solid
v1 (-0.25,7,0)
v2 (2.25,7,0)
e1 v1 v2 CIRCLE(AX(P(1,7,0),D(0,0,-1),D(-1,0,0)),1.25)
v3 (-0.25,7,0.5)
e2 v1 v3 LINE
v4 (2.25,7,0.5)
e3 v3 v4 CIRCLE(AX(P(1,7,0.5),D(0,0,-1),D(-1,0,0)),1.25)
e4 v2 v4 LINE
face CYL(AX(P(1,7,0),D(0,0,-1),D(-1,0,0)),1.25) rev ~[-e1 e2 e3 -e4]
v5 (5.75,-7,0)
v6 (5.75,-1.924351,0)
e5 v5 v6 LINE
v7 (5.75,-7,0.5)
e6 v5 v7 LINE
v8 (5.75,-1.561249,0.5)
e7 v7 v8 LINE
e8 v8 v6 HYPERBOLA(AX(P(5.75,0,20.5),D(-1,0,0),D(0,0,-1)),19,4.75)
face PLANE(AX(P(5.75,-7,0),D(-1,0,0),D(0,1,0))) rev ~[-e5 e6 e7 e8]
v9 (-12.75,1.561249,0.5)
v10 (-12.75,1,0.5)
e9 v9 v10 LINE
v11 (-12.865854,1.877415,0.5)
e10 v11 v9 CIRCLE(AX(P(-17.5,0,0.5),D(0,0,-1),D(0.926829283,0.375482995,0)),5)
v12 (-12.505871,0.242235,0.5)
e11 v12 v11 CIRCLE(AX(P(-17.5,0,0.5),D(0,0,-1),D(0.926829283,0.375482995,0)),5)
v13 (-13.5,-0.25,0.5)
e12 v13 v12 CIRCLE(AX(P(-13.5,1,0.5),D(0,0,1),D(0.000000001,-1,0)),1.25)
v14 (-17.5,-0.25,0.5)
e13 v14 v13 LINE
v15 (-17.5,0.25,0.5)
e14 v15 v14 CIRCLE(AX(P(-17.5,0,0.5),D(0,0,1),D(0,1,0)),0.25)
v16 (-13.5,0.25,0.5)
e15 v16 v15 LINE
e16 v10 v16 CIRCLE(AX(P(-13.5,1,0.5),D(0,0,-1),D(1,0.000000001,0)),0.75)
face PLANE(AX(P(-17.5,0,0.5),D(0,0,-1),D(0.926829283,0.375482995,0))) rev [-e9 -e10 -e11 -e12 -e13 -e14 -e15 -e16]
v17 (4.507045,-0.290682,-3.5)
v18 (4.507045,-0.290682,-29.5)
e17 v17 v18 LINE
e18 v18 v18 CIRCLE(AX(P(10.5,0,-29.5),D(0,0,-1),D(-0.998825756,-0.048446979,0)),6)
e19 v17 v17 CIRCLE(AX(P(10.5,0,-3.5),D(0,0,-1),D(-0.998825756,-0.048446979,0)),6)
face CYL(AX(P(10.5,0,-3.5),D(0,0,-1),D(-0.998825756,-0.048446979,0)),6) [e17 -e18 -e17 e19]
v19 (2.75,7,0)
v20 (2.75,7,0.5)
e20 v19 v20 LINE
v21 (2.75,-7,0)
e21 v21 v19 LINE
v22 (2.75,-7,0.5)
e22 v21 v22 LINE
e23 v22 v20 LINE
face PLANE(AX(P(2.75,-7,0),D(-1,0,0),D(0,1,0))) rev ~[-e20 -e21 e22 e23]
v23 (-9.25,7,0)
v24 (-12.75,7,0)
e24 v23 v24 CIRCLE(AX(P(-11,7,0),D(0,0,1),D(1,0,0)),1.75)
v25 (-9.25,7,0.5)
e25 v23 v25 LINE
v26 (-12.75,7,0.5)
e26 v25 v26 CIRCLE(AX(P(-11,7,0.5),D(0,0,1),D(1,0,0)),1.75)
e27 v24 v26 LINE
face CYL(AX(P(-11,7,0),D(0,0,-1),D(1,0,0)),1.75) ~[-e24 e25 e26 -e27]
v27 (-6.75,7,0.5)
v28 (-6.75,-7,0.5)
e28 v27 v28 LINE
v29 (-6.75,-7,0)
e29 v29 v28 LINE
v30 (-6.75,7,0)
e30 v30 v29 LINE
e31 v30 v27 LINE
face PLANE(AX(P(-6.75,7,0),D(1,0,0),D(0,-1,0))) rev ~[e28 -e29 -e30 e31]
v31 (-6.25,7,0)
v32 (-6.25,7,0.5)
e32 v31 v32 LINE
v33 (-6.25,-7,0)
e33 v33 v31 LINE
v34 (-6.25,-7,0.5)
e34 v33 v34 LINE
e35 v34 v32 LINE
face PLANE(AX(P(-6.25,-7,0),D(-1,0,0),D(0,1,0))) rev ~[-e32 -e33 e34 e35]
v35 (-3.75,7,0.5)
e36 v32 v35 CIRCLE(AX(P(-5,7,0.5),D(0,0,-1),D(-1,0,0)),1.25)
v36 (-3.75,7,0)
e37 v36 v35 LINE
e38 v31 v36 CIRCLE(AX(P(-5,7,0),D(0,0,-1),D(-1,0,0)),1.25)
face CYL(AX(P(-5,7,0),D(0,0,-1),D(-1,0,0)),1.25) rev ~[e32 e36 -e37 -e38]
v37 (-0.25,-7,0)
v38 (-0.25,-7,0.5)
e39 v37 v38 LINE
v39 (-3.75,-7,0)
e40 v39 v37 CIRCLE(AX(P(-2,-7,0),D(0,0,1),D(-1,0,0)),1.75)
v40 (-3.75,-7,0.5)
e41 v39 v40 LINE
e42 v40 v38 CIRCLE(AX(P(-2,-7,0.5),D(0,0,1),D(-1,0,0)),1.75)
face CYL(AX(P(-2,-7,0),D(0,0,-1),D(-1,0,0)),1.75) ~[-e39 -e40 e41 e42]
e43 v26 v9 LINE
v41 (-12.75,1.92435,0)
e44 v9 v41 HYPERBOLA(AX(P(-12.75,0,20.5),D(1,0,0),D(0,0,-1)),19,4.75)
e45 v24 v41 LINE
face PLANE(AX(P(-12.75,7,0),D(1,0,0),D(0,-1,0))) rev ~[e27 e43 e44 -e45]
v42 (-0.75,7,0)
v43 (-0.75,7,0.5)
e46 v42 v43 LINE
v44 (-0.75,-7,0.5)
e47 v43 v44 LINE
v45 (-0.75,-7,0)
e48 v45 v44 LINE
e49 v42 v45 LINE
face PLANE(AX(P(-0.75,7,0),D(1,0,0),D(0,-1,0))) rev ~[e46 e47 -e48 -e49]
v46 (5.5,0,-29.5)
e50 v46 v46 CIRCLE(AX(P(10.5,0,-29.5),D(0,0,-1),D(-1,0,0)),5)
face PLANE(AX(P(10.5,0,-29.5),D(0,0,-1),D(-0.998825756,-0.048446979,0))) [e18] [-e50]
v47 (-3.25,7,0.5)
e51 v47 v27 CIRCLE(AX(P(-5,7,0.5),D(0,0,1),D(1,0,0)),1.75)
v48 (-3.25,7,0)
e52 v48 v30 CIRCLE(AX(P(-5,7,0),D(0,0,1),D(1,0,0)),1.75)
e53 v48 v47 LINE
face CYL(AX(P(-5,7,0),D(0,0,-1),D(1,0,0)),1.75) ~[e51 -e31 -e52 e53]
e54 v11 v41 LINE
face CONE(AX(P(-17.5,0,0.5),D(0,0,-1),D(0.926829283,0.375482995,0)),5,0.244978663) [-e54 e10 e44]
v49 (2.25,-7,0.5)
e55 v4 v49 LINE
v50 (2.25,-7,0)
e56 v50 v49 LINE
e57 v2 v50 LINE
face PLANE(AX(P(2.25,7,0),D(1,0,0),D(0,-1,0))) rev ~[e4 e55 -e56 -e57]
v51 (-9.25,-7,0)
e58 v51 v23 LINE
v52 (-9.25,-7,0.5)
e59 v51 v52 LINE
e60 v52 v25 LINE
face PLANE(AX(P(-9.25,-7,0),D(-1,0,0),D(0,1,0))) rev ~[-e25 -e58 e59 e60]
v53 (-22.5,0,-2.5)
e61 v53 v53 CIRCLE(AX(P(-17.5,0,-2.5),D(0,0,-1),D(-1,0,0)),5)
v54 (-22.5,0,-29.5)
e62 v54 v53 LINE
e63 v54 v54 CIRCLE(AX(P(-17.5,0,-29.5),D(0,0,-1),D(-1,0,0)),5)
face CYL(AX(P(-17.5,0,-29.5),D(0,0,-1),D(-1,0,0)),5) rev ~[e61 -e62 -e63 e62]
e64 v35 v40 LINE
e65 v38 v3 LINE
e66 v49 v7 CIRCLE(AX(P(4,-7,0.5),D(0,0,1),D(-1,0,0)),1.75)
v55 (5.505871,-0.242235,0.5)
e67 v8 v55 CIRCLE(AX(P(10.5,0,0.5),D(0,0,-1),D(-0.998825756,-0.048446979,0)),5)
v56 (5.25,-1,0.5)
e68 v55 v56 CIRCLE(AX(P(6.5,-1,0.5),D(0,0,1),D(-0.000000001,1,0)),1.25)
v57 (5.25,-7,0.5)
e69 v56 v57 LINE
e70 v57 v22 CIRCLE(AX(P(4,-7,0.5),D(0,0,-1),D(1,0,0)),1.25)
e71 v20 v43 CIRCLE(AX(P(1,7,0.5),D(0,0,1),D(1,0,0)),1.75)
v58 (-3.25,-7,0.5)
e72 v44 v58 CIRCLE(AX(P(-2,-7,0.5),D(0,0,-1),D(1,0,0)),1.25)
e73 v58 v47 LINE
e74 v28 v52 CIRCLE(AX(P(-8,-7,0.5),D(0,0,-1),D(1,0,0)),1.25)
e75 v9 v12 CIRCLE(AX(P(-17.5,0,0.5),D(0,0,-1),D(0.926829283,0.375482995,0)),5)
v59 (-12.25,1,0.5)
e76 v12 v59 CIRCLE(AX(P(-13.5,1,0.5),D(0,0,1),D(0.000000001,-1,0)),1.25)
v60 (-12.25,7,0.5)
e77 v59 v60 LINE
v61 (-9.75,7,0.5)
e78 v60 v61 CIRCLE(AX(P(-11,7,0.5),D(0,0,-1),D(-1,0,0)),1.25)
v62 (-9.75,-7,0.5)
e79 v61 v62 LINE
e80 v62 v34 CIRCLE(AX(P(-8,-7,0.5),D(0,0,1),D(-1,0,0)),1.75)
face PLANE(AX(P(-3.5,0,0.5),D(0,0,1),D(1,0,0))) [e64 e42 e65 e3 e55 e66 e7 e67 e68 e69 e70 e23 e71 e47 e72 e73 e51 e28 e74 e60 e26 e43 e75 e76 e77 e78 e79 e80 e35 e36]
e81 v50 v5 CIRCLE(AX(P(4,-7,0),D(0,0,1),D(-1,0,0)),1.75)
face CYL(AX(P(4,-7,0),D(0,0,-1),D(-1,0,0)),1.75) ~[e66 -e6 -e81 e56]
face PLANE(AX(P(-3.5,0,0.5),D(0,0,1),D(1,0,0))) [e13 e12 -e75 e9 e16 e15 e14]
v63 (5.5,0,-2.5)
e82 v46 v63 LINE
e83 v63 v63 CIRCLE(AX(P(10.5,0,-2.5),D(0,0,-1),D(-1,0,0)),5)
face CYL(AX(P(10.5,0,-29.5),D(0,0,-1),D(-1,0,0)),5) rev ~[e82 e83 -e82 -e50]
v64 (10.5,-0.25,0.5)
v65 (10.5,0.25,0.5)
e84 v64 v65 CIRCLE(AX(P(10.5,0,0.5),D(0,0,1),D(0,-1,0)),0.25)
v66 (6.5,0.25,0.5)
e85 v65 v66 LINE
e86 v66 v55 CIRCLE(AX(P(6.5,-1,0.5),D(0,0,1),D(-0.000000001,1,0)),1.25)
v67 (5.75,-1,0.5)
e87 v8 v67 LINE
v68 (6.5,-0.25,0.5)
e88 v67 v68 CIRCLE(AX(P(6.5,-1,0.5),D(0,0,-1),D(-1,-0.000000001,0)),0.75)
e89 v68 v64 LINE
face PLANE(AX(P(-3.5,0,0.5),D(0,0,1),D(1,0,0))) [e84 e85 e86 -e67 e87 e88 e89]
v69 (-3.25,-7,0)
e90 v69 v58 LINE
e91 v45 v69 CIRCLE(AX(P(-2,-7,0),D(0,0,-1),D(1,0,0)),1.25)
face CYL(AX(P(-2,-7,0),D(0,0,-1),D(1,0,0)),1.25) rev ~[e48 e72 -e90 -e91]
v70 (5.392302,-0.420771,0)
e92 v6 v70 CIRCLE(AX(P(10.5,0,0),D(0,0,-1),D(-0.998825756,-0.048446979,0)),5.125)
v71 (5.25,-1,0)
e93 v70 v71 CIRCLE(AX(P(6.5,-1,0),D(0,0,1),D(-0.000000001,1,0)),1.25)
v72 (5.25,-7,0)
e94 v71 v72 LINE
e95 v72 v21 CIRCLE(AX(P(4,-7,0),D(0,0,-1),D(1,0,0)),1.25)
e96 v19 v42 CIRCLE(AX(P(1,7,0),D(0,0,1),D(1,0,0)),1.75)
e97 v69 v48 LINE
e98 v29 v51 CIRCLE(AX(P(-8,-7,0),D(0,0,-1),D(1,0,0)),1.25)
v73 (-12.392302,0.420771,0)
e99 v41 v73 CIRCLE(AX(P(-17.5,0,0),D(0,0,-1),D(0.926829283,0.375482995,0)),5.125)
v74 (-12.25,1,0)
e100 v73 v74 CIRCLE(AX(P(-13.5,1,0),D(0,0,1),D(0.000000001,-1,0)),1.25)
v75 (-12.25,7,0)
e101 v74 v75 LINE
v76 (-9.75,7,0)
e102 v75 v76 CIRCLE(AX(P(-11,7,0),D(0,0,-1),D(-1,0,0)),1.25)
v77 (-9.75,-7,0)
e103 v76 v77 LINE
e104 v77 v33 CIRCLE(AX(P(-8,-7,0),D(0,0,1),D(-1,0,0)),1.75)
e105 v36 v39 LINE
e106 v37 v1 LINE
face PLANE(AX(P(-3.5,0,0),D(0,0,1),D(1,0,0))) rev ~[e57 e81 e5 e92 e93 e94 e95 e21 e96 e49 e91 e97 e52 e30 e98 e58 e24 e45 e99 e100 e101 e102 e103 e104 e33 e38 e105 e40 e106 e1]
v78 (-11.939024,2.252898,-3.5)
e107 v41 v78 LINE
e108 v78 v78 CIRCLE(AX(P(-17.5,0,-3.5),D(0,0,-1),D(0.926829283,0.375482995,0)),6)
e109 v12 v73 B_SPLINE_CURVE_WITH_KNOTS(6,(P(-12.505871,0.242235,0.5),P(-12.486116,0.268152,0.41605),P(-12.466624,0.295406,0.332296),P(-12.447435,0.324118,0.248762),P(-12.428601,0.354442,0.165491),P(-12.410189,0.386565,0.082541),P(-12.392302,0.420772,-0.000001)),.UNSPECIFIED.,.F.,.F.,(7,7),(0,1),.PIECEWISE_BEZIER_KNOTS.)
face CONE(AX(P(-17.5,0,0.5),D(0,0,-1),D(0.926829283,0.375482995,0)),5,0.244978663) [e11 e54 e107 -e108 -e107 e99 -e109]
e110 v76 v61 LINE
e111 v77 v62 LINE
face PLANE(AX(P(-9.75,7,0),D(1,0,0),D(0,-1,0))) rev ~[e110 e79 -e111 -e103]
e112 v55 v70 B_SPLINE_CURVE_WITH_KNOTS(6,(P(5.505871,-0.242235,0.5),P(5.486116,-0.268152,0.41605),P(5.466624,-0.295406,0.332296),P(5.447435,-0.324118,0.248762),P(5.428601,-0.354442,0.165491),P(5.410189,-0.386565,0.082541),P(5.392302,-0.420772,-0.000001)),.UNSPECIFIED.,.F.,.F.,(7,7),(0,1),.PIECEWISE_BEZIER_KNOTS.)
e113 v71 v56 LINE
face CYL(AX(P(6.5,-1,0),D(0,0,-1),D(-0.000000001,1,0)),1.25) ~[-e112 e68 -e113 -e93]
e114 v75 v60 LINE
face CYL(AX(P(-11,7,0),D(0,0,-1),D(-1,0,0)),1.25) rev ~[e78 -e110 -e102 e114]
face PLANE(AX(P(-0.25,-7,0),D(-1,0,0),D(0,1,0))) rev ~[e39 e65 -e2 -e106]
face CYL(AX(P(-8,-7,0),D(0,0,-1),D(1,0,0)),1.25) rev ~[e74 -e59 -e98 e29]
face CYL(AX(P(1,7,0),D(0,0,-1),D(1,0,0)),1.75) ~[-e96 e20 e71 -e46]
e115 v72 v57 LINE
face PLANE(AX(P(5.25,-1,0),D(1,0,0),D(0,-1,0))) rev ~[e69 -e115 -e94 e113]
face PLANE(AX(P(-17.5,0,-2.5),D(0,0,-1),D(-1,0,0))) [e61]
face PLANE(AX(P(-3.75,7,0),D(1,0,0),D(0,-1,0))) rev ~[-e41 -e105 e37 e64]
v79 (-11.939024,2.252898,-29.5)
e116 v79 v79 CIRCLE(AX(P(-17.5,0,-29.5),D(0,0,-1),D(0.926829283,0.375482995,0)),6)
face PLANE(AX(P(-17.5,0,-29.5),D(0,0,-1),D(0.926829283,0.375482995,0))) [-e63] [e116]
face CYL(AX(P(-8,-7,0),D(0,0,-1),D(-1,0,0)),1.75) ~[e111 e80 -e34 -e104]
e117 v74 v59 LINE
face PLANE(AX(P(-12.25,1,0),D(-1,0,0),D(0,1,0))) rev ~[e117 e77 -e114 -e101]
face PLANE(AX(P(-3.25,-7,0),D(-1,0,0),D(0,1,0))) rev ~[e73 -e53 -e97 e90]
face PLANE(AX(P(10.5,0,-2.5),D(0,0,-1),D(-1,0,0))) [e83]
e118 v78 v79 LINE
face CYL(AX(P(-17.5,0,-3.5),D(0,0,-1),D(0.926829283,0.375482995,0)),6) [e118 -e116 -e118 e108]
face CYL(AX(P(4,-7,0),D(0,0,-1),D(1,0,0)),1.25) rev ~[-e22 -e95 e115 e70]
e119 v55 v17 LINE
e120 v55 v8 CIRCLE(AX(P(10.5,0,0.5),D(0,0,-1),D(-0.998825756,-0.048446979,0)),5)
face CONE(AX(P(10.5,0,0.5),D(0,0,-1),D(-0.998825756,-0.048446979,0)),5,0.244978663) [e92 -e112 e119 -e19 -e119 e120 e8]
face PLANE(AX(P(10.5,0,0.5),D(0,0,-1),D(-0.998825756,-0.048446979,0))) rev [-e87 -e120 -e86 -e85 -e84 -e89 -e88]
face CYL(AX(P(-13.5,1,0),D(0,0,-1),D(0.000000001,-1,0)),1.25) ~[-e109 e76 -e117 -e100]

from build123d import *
from build123d.topology import SkipClean

# Parameters (mm, degrees)
BOSS_EXTRUDE1_DEPTH = 0.5
SKETCH5_R           = 5
CUT_EXTRUDE1_DEPTH  = 27


with BuildPart() as part:
    # Sketch2 → Boss-Extrude1 (new body)
    with BuildSketch(Plane.XY):
        with BuildLine():
            Line((-17.5, -0.25), (-13.5, -0.25))
            ThreePointArc((-13.5, -0.25), (-12.616116524, 0.116116524), (-12.25, 1))
            Line((-12.25, 1), (-12.25, 7))
            ThreePointArc((-12.25, 7), (-11, 8.25), (-9.75, 7))
            Line((-9.75, 7), (-9.75, 0))
            Line((-9.75, 0), (-9.75, -7))
            ThreePointArc((-9.75, -7), (-8, -8.75), (-6.25, -7))
            Line((-6.25, -7), (-6.25, 0))
            Line((-6.25, 0), (-6.25, 7))
            ThreePointArc((-6.25, 7), (-5, 8.25), (-3.75, 7))
            Line((-3.75, 7), (-3.75, 0))
            Line((-3.75, 0), (-3.75, -7))
            ThreePointArc((-3.75, -7), (-2, -8.75), (-0.25, -7))
            Line((-0.25, -7), (-0.25, 0))
            Line((-0.25, 0), (-0.25, 7))
            ThreePointArc((-0.25, 7), (1, 8.25), (2.25, 7))
            Line((2.25, 7), (2.25, 0))
            Line((2.25, 0), (2.25, -7))
            ThreePointArc((2.25, -7), (4, -8.75), (5.75, -7))
            Line((5.75, -7), (5.75, -1))
            ThreePointArc((5.75, -1), (5.969669914, -0.469669914), (6.5, -0.25))
            Line((6.5, -0.25), (10.5, -0.25))
            ThreePointArc((10.5, -0.25), (10.75, 0), (10.5, 0.25))
            Line((10.5, 0.25), (6.5, 0.25))
            ThreePointArc((6.5, 0.25), (5.616116524, -0.116116524), (5.25, -1))
            Line((5.25, -1), (5.25, -7))
            ThreePointArc((5.25, -7), (4, -8.25), (2.75, -7))
            Line((2.75, -7), (2.75, 0))
            Line((2.75, 0), (2.75, 7))
            ThreePointArc((2.75, 7), (1, 8.75), (-0.75, 7))
            Line((-0.75, 7), (-0.75, 0))
            Line((-0.75, 0), (-0.75, -7))
            ThreePointArc((-0.75, -7), (-2, -8.25), (-3.25, -7))
            Line((-3.25, -7), (-3.25, 0))
            Line((-3.25, 0), (-3.25, 7))
            ThreePointArc((-3.25, 7), (-5, 8.75), (-6.75, 7))
            Line((-6.75, 7), (-6.75, 0))
            Line((-6.75, 0), (-6.75, -7))
            ThreePointArc((-6.75, -7), (-8, -8.25), (-9.25, -7))
            Line((-9.25, -7), (-9.25, 0))
            Line((-9.25, 0), (-9.25, 7))
            ThreePointArc((-9.25, 7), (-11, 8.75), (-12.75, 7))
            Line((-12.75, 7), (-12.75, 1))
            ThreePointArc((-12.75, 1), (-12.969669914, 0.469669914), (-13.5, 0.25))
            Line((-13.5, 0.25), (-17.5, 0.25))
            ThreePointArc((-17.5, 0.25), (-17.75, 0), (-17.5, -0.25))
        make_face()
    extrude(amount=BOSS_EXTRUDE1_DEPTH)

    # Sketch3 → Revolve1 (revolve)
    with SkipClean():  # the faces are left unmerged after this step: merging them gives an invalid solid
        with BuildSketch(Plane(origin=(0, 0, 0), x_dir=(-1, 0, 0), z_dir=(0, -1, 0)), mode=Mode.PRIVATE) as revolve1_sk:
            Polygon((17.5, -0.5), (22.5, -0.5), (23.5, 3.5), (23.5, 29.5), (17.5, 29.5), align=None)
        revolve(revolve1_sk.sketch.rotate(Axis((-17.5, 0, 0.5), (0, 0, -1)), 157.945831956), axis=Axis((-17.5, 0, 0.5), (0, 0, -1)))

    # Sketch4 → Revolve2 (revolve)
    with SkipClean():  # the faces are left unmerged after this step: merging them gives an invalid solid
        with BuildSketch(Plane(origin=(0, 0, 0), x_dir=(-1, 0, 0), z_dir=(0, -1, 0)), mode=Mode.PRIVATE) as revolve2_sk:
            Polygon((-10.5, -0.5), (-15.5, -0.5), (-16.5, 3.5), (-16.5, 29.5), (-10.5, 29.5), align=None)
        revolve(revolve2_sk.sketch.rotate(Axis((10.5, 0, 0.5), (0, 0, -1)), 177.22310556), axis=Axis((10.5, 0, 0.5), (0, 0, -1)))

    # Sketch5 → Cut-Extrude1 (cut)
    with SkipClean():  # the faces are left unmerged after this step: merging them gives an invalid solid
        with BuildSketch(Plane(origin=(0, 0, -29.5), x_dir=(-1, 0, 0), z_dir=(0, 0, -1))):
            with Locations((-10.5, 0)):
                Circle(SKETCH5_R)
            with Locations((17.5, 0)):
                Circle(SKETCH5_R)
        extrude(amount=-CUT_EXTRUDE1_DEPTH, mode=Mode.SUBTRACT)


solid = part.part
